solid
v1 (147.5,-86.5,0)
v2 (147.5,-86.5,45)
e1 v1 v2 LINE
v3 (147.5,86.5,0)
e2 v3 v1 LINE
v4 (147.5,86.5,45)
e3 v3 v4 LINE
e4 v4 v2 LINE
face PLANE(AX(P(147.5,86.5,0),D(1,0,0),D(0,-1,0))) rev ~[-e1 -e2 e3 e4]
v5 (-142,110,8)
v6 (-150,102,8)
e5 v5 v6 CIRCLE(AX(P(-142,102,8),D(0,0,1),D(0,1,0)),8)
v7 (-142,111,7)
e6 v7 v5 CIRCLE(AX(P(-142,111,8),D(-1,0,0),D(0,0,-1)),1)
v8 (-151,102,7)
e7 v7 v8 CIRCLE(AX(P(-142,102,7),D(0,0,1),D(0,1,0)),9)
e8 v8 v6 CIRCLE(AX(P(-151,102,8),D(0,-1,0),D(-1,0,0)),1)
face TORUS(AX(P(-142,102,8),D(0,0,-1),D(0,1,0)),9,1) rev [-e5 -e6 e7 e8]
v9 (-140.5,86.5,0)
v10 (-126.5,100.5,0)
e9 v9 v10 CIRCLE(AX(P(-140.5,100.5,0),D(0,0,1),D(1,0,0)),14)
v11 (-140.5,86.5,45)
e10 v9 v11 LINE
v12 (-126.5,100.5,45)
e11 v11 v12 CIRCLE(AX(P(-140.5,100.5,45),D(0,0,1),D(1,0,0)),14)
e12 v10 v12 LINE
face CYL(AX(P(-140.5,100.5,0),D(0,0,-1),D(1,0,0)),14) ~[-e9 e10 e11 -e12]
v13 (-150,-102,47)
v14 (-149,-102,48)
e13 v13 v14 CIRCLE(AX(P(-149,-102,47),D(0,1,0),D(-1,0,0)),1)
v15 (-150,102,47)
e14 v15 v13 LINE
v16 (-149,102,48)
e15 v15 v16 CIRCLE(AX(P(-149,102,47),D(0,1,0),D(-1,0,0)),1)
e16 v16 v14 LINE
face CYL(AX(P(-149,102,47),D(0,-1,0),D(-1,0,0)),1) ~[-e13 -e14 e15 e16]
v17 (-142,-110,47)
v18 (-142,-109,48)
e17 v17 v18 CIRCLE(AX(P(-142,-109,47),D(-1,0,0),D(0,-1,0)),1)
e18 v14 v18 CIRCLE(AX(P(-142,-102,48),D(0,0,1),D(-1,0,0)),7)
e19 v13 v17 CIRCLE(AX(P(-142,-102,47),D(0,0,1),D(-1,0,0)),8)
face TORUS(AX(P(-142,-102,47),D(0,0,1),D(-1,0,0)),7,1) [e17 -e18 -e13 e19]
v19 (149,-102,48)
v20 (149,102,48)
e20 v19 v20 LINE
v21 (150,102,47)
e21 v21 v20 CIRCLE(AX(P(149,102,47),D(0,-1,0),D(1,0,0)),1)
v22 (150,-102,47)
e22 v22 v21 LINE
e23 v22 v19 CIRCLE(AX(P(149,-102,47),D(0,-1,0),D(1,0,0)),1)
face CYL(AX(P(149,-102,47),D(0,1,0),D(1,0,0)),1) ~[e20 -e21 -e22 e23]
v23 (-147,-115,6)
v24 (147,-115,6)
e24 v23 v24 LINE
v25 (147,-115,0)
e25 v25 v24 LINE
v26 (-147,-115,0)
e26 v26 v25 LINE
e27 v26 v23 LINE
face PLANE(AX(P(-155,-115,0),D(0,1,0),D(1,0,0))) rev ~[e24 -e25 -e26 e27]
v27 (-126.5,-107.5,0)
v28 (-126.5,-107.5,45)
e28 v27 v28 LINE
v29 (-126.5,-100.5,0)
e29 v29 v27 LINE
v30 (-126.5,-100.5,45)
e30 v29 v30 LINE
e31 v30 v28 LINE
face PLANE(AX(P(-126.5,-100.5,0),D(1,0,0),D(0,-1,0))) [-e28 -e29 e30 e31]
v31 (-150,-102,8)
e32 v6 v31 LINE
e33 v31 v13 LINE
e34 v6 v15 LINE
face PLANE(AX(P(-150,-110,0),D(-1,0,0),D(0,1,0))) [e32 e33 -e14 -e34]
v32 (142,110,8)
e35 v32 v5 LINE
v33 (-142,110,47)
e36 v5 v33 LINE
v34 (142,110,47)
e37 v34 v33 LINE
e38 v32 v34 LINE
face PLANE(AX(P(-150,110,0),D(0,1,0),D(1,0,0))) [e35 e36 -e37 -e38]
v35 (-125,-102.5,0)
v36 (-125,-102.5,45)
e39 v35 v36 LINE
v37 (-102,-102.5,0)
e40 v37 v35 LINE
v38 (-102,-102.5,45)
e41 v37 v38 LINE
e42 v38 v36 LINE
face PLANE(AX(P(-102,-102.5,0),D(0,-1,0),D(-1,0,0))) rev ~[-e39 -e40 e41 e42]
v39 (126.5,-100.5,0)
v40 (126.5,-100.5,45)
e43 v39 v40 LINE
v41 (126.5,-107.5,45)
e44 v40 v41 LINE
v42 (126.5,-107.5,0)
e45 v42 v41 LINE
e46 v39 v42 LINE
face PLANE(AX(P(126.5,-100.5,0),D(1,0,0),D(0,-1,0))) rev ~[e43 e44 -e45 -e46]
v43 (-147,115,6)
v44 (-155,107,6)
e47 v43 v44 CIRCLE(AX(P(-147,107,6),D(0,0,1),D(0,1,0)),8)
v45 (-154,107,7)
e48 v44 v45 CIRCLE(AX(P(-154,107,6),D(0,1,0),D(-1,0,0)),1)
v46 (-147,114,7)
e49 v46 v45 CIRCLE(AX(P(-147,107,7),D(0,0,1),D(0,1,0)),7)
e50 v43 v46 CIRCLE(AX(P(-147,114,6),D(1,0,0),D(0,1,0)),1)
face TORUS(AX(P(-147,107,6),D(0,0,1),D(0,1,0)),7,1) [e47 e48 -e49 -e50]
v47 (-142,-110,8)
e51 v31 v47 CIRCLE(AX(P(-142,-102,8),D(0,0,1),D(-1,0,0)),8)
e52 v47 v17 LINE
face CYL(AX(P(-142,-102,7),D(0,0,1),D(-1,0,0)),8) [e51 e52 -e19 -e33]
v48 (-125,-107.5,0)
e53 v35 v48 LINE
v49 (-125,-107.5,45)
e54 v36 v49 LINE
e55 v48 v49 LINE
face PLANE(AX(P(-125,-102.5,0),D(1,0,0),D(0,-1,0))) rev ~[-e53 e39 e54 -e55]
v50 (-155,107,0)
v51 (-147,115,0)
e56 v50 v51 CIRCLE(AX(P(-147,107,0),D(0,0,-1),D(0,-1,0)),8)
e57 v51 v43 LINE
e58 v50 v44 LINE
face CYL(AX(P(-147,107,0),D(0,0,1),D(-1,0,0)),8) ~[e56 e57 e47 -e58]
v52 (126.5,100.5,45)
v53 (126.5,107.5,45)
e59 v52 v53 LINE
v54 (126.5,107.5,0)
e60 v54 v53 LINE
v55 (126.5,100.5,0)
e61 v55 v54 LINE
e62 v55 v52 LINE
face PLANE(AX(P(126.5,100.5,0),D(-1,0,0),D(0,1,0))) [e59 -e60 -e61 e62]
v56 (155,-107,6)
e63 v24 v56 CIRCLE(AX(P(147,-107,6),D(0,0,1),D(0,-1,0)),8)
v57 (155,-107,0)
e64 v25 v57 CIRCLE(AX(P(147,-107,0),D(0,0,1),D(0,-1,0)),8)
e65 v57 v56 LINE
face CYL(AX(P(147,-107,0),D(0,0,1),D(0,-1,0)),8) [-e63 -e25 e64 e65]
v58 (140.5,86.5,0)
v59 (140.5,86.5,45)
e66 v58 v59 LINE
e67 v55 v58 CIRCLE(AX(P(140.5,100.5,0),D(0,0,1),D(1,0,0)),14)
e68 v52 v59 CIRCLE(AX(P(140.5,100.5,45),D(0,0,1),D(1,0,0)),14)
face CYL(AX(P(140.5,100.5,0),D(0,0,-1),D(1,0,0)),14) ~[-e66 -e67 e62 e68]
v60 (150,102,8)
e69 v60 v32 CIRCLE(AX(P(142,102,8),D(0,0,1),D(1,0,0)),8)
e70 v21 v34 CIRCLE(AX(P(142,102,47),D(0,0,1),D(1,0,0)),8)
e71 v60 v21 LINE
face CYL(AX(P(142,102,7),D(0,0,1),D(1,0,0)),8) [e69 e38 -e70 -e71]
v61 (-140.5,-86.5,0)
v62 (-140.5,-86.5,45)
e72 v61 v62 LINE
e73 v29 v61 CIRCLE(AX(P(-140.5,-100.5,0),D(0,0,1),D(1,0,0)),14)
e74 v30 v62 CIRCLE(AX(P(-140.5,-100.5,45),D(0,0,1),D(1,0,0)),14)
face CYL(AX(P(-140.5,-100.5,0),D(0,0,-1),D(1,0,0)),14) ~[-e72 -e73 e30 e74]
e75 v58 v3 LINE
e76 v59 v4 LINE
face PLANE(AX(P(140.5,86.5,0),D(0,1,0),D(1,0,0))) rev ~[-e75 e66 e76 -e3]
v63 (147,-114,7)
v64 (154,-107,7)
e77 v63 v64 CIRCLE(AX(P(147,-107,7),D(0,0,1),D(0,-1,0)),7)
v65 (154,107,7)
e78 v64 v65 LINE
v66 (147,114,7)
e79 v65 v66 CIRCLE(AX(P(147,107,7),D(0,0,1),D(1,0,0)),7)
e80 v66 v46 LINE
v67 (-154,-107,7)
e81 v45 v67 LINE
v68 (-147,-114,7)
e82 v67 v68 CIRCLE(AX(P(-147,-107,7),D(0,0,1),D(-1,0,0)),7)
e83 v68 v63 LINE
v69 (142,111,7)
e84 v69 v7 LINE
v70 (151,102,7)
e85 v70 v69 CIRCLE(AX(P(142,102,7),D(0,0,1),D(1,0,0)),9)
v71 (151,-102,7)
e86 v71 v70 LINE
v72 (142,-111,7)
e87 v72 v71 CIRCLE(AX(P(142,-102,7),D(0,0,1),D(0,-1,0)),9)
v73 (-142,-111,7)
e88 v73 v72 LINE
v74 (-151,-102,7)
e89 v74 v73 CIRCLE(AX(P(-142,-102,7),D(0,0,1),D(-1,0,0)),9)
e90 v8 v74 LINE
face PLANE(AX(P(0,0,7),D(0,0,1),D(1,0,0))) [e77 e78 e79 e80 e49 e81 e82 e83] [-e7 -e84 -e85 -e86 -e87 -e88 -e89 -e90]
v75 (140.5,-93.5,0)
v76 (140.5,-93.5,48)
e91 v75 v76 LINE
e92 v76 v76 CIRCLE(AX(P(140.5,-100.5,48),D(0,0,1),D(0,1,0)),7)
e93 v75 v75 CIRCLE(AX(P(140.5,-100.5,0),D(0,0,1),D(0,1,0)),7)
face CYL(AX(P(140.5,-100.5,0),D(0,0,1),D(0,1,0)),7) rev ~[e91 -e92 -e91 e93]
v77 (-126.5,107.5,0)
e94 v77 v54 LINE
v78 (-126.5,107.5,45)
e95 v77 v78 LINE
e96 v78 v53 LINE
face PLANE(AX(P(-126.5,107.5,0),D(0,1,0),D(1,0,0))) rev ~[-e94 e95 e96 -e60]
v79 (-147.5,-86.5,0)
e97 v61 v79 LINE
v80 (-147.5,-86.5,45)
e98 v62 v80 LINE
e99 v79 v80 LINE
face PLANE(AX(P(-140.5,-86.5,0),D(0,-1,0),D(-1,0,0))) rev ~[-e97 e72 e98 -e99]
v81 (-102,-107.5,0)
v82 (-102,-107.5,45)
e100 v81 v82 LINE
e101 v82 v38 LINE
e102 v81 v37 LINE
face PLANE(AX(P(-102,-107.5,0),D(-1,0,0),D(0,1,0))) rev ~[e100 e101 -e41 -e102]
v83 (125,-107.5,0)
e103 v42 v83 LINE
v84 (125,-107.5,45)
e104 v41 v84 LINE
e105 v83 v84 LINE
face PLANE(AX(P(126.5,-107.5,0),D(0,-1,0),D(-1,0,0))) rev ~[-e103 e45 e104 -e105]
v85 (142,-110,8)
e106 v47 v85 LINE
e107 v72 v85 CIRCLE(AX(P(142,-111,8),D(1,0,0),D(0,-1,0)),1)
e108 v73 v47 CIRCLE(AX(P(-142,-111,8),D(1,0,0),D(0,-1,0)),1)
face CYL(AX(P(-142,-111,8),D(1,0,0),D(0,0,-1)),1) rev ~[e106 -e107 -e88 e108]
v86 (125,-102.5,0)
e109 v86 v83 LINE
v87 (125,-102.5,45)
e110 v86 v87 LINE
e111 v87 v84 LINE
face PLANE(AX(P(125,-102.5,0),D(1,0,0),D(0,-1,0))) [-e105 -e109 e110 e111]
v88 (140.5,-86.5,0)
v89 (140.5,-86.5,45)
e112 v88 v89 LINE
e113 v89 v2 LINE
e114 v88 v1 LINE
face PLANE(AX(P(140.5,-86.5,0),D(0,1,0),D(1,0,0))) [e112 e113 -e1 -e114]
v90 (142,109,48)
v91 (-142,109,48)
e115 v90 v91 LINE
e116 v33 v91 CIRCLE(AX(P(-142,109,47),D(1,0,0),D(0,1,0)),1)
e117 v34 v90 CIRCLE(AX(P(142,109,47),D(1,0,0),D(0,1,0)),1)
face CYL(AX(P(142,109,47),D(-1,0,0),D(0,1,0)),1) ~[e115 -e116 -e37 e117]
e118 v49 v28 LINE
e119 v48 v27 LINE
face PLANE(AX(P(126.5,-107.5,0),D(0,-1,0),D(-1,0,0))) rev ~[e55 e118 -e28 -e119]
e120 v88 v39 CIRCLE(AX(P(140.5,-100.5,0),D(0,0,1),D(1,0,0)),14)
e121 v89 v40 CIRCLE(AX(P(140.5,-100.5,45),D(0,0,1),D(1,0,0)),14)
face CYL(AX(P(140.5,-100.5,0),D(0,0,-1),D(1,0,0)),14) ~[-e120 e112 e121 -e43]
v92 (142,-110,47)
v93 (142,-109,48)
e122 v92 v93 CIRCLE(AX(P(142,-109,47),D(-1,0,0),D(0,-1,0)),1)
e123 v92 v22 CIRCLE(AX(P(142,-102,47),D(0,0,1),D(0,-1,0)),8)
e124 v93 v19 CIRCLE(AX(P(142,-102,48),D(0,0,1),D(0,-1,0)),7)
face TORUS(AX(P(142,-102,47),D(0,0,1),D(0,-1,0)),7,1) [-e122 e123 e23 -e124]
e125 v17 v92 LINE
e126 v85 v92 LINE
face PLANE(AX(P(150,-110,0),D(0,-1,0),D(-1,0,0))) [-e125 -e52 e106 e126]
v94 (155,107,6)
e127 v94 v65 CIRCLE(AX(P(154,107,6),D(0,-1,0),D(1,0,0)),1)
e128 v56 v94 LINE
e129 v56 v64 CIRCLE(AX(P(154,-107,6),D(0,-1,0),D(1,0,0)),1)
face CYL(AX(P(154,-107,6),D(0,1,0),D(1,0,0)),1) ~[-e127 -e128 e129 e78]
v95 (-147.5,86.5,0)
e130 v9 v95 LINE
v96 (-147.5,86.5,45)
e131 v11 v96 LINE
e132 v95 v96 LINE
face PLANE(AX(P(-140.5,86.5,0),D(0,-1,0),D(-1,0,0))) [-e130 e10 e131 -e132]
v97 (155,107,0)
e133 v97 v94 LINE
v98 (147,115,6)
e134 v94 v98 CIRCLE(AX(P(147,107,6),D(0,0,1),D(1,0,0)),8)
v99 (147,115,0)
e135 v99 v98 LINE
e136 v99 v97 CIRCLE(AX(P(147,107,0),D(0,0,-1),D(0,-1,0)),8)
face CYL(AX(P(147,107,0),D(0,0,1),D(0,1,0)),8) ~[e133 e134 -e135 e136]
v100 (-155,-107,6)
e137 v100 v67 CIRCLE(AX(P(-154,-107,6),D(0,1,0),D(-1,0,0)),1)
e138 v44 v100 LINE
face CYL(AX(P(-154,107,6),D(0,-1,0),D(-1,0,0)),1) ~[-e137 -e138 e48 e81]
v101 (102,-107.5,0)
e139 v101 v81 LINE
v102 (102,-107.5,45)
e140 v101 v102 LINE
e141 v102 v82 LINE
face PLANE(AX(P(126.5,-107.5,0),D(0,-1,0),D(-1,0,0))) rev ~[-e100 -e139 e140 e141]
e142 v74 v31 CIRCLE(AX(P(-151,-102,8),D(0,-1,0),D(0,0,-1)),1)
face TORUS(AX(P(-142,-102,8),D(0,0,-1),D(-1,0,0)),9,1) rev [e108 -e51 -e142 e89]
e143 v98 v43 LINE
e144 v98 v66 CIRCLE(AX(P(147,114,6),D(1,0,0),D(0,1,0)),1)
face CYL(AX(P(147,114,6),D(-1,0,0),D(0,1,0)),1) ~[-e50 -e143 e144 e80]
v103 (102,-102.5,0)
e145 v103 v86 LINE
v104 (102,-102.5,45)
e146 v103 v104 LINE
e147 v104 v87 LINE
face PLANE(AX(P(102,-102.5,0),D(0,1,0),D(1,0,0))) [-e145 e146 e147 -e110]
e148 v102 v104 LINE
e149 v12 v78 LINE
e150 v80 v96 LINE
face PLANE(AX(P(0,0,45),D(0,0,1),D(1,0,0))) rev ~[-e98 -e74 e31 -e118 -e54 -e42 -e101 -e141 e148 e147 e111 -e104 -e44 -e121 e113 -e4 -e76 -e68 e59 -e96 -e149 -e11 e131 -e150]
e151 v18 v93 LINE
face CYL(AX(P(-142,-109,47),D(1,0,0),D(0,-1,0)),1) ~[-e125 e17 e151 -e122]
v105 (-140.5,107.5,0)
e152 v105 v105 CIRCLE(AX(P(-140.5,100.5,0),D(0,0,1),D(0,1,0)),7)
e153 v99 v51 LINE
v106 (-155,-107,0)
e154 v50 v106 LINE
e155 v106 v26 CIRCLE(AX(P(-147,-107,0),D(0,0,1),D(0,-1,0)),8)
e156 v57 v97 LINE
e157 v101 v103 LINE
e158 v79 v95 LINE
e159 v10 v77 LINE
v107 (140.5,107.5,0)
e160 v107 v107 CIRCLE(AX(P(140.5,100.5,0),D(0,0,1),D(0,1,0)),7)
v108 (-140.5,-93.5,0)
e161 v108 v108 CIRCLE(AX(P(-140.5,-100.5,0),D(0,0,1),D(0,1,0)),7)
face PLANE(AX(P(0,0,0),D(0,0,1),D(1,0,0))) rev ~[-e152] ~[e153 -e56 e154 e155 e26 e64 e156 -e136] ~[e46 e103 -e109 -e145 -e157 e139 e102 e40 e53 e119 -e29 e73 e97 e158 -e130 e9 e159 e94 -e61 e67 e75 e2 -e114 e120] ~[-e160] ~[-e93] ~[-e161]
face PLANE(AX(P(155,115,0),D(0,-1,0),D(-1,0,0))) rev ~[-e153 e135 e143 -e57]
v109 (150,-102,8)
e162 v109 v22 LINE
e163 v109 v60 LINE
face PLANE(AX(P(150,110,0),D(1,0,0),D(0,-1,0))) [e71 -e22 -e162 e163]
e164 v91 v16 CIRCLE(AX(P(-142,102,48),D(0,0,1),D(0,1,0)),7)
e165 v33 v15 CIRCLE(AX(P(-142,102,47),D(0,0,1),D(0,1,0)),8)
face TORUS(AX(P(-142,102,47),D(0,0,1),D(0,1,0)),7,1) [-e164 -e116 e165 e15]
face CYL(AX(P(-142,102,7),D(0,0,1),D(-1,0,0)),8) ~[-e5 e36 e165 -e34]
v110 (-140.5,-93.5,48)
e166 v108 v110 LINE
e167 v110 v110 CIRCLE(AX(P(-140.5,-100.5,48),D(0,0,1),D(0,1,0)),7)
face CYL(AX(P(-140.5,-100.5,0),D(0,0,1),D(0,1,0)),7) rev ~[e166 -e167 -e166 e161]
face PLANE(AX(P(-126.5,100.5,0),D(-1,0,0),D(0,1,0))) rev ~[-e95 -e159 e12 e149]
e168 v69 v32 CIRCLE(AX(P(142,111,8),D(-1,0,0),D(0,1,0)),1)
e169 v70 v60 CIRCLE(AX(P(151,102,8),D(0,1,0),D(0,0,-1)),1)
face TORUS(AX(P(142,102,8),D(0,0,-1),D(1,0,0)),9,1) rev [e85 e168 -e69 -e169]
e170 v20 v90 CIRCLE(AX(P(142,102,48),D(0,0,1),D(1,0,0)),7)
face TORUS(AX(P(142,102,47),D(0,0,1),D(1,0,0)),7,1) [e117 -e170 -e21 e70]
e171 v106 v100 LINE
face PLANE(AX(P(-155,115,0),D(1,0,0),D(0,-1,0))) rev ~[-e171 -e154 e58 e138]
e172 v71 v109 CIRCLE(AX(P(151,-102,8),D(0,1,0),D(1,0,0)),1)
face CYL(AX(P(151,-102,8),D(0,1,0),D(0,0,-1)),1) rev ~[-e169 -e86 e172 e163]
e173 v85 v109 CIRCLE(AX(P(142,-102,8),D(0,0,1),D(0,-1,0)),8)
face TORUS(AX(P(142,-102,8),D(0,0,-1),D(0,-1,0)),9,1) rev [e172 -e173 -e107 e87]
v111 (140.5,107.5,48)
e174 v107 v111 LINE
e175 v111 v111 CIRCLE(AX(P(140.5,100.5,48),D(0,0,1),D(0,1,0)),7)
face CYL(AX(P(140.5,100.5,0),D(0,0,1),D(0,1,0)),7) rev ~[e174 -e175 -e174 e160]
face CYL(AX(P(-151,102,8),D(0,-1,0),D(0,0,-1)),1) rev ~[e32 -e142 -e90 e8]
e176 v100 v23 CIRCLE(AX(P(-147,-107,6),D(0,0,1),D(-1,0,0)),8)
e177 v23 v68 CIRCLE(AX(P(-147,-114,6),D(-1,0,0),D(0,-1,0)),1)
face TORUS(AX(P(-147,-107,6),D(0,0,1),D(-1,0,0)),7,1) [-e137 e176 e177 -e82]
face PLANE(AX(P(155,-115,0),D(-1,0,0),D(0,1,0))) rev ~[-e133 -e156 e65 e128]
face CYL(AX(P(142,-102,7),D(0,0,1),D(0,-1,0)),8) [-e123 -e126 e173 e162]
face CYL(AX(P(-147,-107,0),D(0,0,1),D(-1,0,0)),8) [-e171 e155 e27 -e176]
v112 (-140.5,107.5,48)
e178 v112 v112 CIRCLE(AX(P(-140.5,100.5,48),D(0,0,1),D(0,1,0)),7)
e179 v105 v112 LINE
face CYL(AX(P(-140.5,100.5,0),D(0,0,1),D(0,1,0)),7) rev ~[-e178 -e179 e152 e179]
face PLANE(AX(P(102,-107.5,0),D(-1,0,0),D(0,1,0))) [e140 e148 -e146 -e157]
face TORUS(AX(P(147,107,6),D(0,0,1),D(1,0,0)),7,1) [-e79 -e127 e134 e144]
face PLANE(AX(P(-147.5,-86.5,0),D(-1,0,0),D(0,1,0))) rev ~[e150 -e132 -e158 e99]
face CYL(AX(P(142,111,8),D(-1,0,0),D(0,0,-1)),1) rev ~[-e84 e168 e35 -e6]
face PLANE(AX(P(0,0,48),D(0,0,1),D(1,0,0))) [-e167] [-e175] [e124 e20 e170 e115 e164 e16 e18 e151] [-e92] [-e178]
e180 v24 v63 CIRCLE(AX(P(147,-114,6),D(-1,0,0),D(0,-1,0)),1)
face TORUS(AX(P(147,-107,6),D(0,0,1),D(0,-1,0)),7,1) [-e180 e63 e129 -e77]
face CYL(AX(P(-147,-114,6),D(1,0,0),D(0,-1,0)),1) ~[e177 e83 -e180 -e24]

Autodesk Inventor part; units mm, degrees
ref_plane "YZ Plane" through (0, 0, 0) normal (1, 0, 0) x (0, 1, 0)
ref_plane "XZ Plane" through (0, 0, 0) normal (0, 1, 0) x (-1, 0, 0)
ref_plane "XY Plane" through (0, 0, 0) normal (0, 0, 1) x (1, 0, 0)
sketch "Sketch1" plane through (0, 0, 0) normal (0, 0, 1) x (1, 0, 0)
  line L0 (-150, 110) -> (150, 110)
  line L1 (150, 110) -> (150, -110)
  line L2 (150, -110) -> (-150, -110)
  line L3 (-150, -110) -> (-150, 110)
  line L4 (-150, 110) -> (150, -110) construction
  line L5 (150, 110) -> (-150, -110) construction
  point P0 (0, 0)
  dimension "d0" = 300
  dimension "d1" = 220
extrude "Extrusion1" add sketch "Sketch1" along normal blind 48
sketch "Sketch2" plane through (0, 0, 0) normal (0, 0, 1) x (1, 0, 0)
  line L0 (-155, -115) -> (155, -115)
  line L1 (155, -115) -> (155, 115)
  line L2 (155, 115) -> (-155, 115)
  line L3 (-155, 115) -> (-155, -115)
  line L4 (-155, -115) -> (155, 115) construction
  line L5 (155, -115) -> (-155, 115) construction
  point P0 (0, 0)
  dimension "d4" = 310
  dimension "d5" = 230
extrude "Extrusion2" add sketch "Sketch2" along normal blind 7
fillet "Fillet1" radius 8 8 edges at (-150, -110, 27.5) (-155, -115, 3.5) (155, -115, 3.5) (150, -110, 27.5) (155, 115, 3.5) (150, 110, 27.5) (-155, 115, 3.5) (-150, 110, 27.5)
fillet "Fillet2" radius 1 24 edges at (152.6569, -112.6569, 7) (155, 0, 7) (152.6569, 112.6569, 7) (0, 115, 7) (-152.6569, 112.6569, 7) (-155, 0, 7) (-152.6569, -112.6569, 7) (0, -115, 7) (147.6569, -107.6569, 7) (150, 0, 7) (147.6569, 107.6569, 7) (0, 110, 7) (-147.6569, 107.6569, 7) (-150, 0, 7) (-147.6569, -107.6569, 7) (0, -110, 7) (147.6569, -107.6569, 48) (150, 0, 48) (147.6569, 107.6569, 48) (0, 110, 48) (-147.6569, 107.6569, 48) (-150, 0, 48) (-147.6569, -107.6569, 48) (0, -110, 48)
sketch "Sketch3" plane through (0, 0, 0) normal (0, 0, 1) x (1, 0, 0)
  line L0 (-147.5, 107.5) -> (-126.5, 107.5) construction
  line L1 (147.5, 107.5) -> (147.5, 86.5) construction
  line L2 (147.5, -107.5) -> (126.5, -107.5) construction
  line L3 (-147.5, -107.5) -> (-147.5, -86.5) construction
  line L4 (-147.5, 107.5) -> (147.5, -107.5) construction
  line L5 (147.5, 107.5) -> (-147.5, -107.5) construction
  line L6 (-140.5, 100.5) -> (140.5, 100.5) construction
  line L7 (140.5, 100.5) -> (140.5, -100.5) construction
  line L8 (140.5, -100.5) -> (-140.5, -100.5) construction
  line L9 (-140.5, -100.5) -> (-140.5, 100.5) construction
  line L10 (-140.5, 100.5) -> (140.5, -100.5) construction
  line L11 (140.5, 100.5) -> (-140.5, -100.5) construction
  circle A0 centre (-140.5, -100.5) radius 14
  circle A1 centre (140.5, -100.5) radius 14
  circle A2 centre (140.5, 100.5) radius 14
  circle A3 centre (-140.5, 100.5) radius 14
  line L12 (-140.5, -86.5) -> (-147.5, -86.5)
  line L13 (-126.5, -100.5) -> (-126.5, -107.5)
  line L14 (126.5, -100.5) -> (126.5, -107.5)
  line L15 (140.5, -86.5) -> (147.5, -86.5)
  line L16 (-126.5, 100.5) -> (-126.5, 107.5)
  line L17 (-140.5, 86.5) -> (-147.5, 86.5)
  line L18 (126.5, 100.5) -> (126.5, 107.5)
  line L19 (140.5, 86.5) -> (147.5, 86.5)
  line L20 (-147.5, -86.5) -> (-147.5, 86.5)
  line L21 (-126.5, -107.5) -> (-147.5, -107.5) construction
  line L22 (126.5, -107.5) -> (-126.5, -107.5)
  line L23 (147.5, -86.5) -> (147.5, -107.5) construction
  line L24 (147.5, 86.5) -> (147.5, -86.5)
  line L25 (126.5, 107.5) -> (147.5, 107.5) construction
  line L26 (-126.5, 107.5) -> (126.5, 107.5)
  line L27 (-147.5, 86.5) -> (-147.5, 107.5) construction
  point P0 (0, 0)
  point P1 (0, 0)
  point P2 (0, 0)
  dimension "d10" = 295
  dimension "d11" = 215
  dimension "d16" = 281
  dimension "d17" = 201
  dimension "d18" = 28
extrude "Extrusion3" cut sketch "Sketch3" along normal blind 45 contours A0 L12 L20 L17 A3 L16 L26 L18 A2 L19 L24 L15 A1 L14 L22 L13
hole "Hole1" at (-140.5, -100.5, 0) direction (0, 0, 1) diameter 14 end through all
hole "Hole2" at (140.5, -100.5, 0) direction (0, 0, 1) diameter 14 end through all
hole "Hole3" at (-140.5, 100.5, 0) direction (0, 0, 1) diameter 14 end through all
hole "Hole4" at (140.5, 100.5, 0) direction (0, 0, 1) diameter 14 end through all
sketch "Sketch4" plane through (0, 0, 0) normal (0, 0, 1) x (1, 0, 0)
  line L0 (-125, -107.5) -> (-102, -107.5)
  line L1 (-102, -107.5) -> (-102, -102.5)
  line L2 (-102, -102.5) -> (-125, -102.5)
  line L3 (-125, -102.5) -> (-125, -107.5)
  line L4 (-126.5, -107.5) -> (126.5, -107.5) projected
  line L5 (0, -107.5) -> (0, 0) construction
  line L6 (125, -107.5) -> (102, -107.5)
  line L7 (102, -107.5) -> (102, -102.5)
  line L8 (102, -102.5) -> (125, -102.5)
  line L9 (125, -102.5) -> (125, -107.5)
  dimension "d57" = 23
  dimension "d58" = 5
  dimension "d59" = 204
extrude "Extrusion4" add sketch "Sketch4" along normal up to next
properties part number "caixa-gabinete-tampa" material "ABS Plastic"
